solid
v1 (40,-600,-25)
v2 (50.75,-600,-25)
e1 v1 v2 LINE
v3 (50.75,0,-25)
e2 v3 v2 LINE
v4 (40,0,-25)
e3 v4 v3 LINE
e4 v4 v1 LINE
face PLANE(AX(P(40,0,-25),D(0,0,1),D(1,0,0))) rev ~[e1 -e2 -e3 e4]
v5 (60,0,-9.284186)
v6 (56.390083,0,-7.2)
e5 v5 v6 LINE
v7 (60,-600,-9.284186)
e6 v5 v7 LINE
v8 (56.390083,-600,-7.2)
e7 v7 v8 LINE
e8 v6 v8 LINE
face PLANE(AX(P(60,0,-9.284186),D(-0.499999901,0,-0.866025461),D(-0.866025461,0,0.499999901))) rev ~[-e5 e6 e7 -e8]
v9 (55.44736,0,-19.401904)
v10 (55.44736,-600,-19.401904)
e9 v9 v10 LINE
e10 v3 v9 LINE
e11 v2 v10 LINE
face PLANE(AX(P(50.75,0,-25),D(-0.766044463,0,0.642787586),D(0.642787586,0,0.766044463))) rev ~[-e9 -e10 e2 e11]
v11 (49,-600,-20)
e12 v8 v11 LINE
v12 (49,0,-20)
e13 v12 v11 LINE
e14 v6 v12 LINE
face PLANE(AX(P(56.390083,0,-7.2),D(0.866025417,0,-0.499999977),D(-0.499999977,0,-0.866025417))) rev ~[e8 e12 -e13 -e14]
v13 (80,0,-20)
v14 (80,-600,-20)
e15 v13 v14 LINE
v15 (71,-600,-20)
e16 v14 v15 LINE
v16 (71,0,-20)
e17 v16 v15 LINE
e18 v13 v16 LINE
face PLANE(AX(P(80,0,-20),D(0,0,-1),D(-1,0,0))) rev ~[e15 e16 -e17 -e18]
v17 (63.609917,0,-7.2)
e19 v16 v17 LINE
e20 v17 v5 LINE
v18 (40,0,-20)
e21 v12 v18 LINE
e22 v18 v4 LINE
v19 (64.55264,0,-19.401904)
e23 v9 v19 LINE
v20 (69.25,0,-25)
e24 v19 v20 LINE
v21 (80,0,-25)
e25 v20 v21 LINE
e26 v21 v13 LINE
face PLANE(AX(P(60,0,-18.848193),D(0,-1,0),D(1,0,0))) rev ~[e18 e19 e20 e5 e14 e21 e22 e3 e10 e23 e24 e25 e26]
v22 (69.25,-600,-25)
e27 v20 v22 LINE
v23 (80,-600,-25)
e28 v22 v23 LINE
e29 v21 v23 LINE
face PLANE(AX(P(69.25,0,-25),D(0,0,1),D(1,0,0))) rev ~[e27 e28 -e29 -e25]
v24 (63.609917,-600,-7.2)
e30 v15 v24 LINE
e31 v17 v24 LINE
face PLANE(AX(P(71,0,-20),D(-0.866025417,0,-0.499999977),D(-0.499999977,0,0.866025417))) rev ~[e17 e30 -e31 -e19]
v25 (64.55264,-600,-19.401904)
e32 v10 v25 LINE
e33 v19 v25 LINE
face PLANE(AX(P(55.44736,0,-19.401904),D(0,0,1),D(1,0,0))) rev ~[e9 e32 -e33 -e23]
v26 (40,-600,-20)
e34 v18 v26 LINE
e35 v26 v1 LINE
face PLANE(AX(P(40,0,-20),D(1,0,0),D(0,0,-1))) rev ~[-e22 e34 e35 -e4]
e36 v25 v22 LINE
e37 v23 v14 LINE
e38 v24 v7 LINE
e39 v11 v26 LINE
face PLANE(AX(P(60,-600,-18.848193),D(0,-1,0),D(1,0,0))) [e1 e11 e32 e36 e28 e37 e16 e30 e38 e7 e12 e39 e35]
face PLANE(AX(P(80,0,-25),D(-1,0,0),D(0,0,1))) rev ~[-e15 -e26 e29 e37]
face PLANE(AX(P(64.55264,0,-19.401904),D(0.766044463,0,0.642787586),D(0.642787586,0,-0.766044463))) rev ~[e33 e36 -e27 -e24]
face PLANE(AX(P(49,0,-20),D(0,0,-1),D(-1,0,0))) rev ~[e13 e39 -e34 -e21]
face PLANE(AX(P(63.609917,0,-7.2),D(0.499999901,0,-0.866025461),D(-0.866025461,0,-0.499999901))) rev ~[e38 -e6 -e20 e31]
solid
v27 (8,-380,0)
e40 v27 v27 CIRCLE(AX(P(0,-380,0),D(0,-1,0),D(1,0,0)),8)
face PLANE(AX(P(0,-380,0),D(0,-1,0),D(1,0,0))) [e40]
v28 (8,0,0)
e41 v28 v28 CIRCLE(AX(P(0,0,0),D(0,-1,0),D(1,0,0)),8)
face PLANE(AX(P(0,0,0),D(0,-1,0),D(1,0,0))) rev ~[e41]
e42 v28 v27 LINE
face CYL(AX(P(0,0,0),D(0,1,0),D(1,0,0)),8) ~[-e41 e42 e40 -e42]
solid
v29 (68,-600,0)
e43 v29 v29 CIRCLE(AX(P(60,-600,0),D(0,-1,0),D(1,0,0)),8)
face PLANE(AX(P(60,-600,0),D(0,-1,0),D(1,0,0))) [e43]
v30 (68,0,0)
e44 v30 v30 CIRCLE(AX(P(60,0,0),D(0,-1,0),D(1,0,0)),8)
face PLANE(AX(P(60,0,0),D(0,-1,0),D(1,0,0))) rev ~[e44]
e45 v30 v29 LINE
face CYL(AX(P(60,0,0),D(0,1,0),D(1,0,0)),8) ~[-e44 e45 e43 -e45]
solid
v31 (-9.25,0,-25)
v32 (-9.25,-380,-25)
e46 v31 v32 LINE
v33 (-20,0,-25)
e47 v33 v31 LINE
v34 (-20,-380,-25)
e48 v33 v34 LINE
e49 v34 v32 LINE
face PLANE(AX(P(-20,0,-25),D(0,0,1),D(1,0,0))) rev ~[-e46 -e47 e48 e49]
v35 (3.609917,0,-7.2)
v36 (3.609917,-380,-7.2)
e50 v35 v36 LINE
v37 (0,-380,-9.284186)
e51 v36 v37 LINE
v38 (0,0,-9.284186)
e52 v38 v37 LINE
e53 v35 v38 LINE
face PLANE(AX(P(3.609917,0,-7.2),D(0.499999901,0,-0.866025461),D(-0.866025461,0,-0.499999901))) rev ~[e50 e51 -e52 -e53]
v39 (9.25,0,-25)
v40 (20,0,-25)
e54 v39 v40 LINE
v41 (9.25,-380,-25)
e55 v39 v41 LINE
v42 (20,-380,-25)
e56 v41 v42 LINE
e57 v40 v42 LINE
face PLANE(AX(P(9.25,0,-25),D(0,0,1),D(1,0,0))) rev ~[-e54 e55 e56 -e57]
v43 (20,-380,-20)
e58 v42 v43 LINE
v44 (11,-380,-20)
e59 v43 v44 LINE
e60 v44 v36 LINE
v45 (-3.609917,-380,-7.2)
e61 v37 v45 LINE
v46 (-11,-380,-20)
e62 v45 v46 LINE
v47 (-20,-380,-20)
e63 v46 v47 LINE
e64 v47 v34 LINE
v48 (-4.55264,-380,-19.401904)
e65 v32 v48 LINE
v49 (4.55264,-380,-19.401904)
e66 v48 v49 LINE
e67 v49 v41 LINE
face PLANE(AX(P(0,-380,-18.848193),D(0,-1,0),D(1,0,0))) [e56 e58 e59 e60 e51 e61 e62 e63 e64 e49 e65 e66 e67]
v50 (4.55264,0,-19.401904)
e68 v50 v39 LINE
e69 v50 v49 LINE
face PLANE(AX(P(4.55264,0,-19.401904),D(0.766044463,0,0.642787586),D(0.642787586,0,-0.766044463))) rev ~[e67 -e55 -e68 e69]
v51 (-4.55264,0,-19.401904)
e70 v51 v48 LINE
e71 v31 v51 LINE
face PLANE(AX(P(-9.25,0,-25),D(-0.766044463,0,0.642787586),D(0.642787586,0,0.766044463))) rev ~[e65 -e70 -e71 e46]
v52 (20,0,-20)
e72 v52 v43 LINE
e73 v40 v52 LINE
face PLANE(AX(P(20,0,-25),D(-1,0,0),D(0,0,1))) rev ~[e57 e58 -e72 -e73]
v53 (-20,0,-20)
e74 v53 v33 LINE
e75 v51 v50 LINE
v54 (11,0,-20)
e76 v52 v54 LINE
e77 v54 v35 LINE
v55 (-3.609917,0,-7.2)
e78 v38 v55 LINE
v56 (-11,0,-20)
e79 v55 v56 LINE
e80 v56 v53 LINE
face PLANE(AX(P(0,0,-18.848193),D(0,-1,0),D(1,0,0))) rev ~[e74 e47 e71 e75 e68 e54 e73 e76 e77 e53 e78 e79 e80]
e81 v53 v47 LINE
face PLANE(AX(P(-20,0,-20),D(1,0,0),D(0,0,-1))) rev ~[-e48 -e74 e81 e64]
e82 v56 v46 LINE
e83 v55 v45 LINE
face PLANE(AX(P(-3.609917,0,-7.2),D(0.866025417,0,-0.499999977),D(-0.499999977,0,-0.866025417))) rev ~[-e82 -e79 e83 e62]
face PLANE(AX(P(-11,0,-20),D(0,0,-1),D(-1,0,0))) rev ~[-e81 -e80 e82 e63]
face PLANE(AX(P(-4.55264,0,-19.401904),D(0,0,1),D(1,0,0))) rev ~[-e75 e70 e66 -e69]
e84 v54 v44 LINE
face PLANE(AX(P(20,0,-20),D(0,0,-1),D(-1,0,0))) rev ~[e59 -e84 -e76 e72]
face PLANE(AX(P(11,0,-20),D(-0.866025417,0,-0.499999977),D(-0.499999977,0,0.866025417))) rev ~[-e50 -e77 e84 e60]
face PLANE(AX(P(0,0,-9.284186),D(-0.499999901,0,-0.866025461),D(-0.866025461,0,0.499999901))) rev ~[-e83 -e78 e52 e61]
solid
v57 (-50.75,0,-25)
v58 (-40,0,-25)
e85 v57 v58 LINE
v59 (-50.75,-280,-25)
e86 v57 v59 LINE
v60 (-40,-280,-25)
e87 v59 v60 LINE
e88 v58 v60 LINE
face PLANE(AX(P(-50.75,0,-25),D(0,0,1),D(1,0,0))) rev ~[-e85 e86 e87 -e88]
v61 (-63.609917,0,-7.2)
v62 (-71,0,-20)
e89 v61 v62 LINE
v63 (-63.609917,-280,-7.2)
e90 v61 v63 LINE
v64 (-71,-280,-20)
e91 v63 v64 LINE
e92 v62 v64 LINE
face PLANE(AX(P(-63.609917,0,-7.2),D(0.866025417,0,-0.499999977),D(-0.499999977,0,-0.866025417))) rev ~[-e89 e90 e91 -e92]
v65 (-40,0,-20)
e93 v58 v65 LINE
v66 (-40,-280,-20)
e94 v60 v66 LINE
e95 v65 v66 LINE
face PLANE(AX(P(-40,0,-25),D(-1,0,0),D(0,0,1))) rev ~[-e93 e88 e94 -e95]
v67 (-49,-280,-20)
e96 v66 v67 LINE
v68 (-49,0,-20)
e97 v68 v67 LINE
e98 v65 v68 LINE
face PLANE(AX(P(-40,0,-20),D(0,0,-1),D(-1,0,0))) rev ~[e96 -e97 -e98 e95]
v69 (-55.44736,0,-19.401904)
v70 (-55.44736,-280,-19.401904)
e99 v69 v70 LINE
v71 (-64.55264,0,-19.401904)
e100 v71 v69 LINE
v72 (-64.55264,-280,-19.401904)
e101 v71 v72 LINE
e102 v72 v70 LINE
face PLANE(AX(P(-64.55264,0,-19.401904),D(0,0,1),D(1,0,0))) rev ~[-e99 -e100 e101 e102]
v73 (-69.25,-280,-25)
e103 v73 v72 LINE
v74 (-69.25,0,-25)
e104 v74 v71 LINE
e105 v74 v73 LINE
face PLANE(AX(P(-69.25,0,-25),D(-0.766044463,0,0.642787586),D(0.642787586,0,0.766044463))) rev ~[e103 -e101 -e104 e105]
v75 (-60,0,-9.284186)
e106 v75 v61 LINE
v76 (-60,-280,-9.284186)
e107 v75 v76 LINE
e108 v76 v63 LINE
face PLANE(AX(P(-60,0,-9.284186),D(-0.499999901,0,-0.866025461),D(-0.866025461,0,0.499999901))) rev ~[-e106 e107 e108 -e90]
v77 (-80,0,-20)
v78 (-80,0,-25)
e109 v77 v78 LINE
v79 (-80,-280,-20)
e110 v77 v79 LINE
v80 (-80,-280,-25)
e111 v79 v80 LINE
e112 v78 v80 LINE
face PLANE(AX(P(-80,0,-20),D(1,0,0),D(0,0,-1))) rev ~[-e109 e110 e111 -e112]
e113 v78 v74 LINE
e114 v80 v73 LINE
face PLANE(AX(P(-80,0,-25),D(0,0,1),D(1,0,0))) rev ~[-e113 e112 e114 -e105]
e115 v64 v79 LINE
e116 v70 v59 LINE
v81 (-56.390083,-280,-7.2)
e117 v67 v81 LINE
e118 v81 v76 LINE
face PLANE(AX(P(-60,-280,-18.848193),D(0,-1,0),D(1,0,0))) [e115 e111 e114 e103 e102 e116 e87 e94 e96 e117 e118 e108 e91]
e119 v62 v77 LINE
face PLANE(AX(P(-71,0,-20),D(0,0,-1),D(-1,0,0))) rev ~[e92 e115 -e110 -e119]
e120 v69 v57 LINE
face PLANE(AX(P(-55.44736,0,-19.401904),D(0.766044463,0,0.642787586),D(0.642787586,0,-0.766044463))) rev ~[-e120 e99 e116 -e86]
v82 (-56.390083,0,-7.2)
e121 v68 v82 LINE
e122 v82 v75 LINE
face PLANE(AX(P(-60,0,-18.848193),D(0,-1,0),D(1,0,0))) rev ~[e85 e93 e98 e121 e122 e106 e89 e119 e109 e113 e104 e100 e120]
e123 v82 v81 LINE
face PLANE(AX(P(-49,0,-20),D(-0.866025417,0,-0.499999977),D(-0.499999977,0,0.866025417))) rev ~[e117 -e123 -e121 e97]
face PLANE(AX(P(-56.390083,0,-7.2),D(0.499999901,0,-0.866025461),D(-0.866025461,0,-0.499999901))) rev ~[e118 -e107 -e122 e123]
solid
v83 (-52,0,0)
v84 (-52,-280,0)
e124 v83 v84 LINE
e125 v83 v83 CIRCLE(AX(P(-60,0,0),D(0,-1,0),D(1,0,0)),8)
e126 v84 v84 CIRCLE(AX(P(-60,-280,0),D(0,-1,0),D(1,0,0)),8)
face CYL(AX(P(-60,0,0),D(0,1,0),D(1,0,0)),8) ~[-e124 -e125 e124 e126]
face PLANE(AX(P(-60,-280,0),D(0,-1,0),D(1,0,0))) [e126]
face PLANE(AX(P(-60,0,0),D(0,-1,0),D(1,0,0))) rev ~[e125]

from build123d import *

# Parameters (mm, degrees)
F0_R     = 8
F1_DEPTH = 380
F2_DEPTH = 600
F3_DEPTH = 280


with BuildPart() as f1:
    # F0 (on Front) → F1 (new body)
    with BuildSketch(Plane.XZ):
        Circle(F0_R)
        Polygon((9.25, -25), (20, -25), (20, -20), (11, -20), (3.609917, -7.2), (0, -9.284186), (-3.609917, -7.2), (-11, -20), (-20, -20), (-20, -25), (-9.25, -25), (-4.55264, -19.401904), (4.55264, -19.401904), align=None)
    extrude(amount=F1_DEPTH)


with BuildPart() as f2:
    # F0 (on Front) → F2 (new body)
    with BuildSketch(Plane.XZ):
        with Locations((60, 0)):
            Circle(F0_R)
        Polygon((69.25, -25), (80, -25), (80, -20), (71, -20), (63.609917, -7.2), (60, -9.284186), (56.390083, -7.2), (49, -20), (40, -20), (40, -25), (50.75, -25), (55.44736, -19.401904), (64.55264, -19.401904), align=None)
    extrude(amount=F2_DEPTH)


with BuildPart() as f3:
    # F0 (on Front) → F3 (new body)
    with BuildSketch(Plane.XZ):
        with Locations((-60, 0)):
            Circle(F0_R)
        Polygon((-50.75, -25), (-40, -25), (-40, -20), (-49, -20), (-56.390083, -7.2), (-60, -9.284186), (-63.609917, -7.2), (-71, -20), (-80, -20), (-80, -25), (-69.25, -25), (-64.55264, -19.401904), (-55.44736, -19.401904), align=None)
    extrude(amount=F3_DEPTH)


solid = Compound([f1.part, f2.part, f3.part])
